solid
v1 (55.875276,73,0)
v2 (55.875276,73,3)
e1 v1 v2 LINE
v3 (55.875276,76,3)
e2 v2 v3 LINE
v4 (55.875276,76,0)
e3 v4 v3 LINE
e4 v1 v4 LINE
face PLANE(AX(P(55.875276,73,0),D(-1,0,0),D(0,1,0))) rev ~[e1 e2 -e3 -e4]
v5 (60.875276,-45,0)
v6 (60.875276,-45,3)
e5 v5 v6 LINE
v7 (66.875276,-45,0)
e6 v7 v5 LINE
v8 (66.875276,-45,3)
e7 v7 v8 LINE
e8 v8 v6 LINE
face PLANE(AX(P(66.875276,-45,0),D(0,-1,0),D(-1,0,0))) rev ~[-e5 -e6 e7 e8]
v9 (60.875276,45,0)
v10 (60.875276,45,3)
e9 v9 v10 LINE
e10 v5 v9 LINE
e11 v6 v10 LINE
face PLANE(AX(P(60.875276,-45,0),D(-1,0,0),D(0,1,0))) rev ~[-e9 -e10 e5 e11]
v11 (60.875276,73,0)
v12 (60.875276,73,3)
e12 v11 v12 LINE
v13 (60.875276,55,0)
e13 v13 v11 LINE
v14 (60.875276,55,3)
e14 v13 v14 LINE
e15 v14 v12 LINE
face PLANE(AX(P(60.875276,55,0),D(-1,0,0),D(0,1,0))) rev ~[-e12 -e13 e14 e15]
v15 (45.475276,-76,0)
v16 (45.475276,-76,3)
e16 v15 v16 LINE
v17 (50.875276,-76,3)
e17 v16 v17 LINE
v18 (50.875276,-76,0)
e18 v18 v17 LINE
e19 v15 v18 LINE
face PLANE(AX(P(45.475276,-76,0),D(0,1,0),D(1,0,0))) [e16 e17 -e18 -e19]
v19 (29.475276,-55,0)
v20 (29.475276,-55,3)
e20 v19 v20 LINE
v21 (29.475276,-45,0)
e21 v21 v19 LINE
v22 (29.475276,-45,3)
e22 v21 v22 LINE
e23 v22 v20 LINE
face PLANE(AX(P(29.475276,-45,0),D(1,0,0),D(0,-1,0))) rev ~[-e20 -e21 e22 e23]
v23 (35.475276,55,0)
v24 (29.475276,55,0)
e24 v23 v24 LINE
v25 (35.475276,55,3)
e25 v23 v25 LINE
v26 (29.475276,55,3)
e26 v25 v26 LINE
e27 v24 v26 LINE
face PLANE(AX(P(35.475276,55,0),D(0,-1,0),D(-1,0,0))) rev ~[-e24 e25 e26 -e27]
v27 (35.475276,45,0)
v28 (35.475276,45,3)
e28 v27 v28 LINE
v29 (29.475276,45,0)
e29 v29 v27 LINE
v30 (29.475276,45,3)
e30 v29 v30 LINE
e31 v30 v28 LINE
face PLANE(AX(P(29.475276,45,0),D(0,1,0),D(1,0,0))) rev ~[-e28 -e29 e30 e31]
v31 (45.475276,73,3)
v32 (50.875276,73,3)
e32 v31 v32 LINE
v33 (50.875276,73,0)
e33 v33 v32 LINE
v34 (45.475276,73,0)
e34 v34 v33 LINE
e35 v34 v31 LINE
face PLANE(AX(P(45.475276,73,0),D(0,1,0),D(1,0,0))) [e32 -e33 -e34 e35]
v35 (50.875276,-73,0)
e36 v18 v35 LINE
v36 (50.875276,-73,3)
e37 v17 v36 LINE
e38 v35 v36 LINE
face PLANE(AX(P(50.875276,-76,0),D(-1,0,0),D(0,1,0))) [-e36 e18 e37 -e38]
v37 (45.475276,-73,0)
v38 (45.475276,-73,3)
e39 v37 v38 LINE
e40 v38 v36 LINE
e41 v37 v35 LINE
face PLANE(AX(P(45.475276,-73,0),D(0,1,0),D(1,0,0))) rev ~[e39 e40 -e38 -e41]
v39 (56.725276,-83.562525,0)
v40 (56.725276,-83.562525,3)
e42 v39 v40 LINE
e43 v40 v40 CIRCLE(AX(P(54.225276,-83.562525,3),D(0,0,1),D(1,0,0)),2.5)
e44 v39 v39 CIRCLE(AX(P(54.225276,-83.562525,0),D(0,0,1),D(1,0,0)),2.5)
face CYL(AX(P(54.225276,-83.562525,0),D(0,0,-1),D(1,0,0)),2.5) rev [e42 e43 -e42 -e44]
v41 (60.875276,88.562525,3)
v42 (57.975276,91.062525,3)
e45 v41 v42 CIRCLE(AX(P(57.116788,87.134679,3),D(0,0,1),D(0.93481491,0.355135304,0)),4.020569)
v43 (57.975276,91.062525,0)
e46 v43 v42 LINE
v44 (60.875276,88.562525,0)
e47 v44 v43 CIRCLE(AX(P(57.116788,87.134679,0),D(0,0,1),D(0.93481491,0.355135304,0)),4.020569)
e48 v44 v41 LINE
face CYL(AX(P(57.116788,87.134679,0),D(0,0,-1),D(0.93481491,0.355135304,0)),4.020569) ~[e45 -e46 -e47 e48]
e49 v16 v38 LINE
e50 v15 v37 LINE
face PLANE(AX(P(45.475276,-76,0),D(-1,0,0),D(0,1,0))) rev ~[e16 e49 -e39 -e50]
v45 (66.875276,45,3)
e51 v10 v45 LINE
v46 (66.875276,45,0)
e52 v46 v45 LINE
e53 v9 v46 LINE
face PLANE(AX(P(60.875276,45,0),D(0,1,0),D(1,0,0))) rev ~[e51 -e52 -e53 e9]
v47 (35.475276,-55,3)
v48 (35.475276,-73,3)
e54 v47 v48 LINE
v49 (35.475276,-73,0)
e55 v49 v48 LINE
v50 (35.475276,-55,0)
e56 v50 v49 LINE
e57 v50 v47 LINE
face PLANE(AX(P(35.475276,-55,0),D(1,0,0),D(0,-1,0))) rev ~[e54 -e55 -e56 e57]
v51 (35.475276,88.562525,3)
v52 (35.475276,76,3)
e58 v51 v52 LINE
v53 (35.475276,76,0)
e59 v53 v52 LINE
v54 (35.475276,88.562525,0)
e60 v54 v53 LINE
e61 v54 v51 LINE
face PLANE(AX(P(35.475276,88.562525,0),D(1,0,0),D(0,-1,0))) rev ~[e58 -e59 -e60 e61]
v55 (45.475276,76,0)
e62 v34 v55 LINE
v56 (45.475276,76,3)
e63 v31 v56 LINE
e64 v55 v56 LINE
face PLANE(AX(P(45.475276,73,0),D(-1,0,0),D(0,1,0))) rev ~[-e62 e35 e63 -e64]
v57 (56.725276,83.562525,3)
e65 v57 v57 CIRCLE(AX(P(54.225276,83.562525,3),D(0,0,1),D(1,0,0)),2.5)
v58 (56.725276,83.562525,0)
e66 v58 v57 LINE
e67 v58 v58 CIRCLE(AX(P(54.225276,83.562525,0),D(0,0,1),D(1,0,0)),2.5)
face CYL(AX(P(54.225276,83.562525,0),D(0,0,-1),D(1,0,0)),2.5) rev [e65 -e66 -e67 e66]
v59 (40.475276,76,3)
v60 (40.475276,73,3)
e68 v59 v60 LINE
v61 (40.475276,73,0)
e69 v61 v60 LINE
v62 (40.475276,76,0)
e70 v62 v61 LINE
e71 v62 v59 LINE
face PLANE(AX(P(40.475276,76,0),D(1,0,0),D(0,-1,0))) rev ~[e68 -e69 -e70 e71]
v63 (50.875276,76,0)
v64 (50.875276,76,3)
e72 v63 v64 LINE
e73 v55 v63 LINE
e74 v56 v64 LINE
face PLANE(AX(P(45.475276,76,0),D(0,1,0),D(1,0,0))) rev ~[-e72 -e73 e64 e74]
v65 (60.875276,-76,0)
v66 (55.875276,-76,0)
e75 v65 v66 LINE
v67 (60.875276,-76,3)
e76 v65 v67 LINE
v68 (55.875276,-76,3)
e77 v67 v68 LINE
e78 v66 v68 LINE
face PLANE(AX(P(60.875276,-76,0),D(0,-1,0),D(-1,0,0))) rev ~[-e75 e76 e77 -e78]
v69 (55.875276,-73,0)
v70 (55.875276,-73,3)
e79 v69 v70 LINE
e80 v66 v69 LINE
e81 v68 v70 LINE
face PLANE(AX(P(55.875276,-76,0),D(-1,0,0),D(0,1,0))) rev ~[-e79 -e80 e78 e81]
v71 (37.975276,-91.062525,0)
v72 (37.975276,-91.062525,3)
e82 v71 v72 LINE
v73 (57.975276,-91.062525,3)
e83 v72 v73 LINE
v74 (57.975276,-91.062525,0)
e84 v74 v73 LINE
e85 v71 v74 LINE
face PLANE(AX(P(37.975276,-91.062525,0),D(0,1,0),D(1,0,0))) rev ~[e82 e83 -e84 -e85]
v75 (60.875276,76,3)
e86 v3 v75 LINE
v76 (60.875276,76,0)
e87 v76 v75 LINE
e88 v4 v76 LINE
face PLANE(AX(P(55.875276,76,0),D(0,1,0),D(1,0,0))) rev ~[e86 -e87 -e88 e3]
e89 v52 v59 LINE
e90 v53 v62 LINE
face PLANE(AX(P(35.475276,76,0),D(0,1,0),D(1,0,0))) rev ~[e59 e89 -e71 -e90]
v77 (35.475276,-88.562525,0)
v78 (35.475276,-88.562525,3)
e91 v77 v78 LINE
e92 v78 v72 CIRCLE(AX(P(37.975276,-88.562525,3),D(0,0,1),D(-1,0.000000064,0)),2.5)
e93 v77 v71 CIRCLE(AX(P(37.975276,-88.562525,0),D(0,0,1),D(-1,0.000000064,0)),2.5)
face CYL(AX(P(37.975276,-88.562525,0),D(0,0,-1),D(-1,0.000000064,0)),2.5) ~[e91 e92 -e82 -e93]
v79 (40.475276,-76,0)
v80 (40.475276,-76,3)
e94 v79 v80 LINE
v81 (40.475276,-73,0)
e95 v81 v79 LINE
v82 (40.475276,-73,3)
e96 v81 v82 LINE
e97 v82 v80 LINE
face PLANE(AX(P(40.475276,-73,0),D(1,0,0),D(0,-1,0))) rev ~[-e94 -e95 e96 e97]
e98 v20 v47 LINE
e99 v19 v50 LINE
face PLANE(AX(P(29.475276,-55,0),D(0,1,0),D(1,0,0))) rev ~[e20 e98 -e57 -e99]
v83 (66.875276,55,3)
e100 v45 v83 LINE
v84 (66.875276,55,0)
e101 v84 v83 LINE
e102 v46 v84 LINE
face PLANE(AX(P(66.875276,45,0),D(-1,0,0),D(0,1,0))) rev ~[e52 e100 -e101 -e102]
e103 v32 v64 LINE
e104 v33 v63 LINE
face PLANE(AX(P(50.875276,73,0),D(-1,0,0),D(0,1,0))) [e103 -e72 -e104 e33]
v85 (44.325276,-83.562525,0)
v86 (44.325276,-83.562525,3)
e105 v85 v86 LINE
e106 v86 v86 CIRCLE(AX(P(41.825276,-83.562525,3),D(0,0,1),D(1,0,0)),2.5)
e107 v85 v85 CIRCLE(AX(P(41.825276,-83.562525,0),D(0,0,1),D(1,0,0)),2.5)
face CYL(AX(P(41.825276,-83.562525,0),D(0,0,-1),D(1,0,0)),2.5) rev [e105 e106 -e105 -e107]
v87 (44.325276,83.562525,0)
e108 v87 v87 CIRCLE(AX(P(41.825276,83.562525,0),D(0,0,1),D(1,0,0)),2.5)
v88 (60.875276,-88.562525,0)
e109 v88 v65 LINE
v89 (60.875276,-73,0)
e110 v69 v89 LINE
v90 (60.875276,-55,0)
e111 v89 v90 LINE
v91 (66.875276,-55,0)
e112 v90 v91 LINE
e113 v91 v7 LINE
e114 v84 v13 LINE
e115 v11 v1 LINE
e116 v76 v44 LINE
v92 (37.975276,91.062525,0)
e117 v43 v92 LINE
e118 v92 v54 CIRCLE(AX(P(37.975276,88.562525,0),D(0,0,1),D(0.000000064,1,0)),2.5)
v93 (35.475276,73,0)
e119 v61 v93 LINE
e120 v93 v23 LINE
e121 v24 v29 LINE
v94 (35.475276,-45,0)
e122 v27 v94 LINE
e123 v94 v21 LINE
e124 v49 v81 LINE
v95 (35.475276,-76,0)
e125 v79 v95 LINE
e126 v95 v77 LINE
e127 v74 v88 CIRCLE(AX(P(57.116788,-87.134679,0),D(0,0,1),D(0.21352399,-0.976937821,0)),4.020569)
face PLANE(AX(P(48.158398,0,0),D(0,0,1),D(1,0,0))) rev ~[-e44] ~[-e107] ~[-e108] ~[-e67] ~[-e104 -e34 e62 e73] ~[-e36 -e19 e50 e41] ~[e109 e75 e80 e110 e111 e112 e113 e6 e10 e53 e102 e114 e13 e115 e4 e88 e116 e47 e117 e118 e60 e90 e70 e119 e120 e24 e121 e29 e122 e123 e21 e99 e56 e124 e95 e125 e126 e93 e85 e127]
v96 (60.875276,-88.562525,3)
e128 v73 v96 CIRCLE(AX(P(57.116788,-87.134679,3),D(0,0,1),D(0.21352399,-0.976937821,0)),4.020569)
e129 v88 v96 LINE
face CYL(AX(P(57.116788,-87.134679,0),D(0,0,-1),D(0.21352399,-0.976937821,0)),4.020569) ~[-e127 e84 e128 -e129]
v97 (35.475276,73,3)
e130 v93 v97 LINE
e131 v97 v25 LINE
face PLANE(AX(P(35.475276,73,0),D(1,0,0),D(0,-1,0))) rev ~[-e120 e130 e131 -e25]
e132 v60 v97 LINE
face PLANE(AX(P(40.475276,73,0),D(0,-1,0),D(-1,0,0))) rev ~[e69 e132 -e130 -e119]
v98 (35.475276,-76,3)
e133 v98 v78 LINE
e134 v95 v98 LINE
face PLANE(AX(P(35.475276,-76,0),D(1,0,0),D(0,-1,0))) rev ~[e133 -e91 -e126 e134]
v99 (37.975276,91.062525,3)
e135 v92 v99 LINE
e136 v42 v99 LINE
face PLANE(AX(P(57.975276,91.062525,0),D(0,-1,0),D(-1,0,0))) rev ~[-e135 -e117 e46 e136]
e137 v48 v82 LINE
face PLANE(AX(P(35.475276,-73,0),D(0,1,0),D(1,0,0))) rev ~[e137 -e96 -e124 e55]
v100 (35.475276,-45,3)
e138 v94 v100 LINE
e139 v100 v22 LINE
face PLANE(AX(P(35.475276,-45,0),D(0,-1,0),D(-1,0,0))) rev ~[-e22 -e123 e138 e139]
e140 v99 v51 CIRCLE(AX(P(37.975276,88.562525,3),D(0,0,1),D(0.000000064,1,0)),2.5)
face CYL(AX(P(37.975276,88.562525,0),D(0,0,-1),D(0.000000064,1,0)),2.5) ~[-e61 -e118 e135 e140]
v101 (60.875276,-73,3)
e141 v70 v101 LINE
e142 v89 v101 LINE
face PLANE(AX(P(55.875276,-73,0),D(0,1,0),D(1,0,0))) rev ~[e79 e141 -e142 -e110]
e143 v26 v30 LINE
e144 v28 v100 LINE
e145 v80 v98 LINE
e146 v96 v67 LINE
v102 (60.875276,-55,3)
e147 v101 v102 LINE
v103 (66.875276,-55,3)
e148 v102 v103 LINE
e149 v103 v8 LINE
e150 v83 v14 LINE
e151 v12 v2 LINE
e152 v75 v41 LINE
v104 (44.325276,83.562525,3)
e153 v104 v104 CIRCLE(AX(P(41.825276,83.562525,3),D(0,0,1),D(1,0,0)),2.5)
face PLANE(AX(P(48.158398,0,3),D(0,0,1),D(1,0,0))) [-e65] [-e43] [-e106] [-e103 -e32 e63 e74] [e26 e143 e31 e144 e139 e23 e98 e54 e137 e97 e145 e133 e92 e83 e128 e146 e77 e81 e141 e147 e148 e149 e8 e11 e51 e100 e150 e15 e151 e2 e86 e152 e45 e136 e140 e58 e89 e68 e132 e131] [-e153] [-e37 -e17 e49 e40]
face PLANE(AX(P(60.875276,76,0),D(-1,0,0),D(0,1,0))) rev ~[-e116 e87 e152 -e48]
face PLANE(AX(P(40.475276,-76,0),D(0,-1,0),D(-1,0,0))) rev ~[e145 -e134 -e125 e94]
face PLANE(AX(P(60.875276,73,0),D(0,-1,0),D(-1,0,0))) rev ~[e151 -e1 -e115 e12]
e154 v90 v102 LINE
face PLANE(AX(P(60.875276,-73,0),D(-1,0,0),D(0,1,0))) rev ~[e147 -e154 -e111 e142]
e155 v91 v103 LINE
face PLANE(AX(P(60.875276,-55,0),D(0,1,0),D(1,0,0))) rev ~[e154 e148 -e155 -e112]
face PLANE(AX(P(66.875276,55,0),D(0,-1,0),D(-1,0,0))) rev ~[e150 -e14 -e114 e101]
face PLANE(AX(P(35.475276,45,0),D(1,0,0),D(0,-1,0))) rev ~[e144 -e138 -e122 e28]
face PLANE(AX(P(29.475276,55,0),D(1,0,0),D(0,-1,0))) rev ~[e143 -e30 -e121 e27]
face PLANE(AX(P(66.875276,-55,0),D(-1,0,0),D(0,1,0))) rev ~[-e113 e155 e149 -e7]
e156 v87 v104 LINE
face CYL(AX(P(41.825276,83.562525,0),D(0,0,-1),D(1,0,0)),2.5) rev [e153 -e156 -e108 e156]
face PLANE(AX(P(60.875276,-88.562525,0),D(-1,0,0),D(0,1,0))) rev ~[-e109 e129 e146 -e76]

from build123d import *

# Parameters (mm, degrees)
F0_R     = 2.5
F0_W     = 5.4
F0_H     = 3
F1_DEPTH = 3


with BuildPart() as f1:
    # F0 (on Top) → F1 (new body)
    with BuildSketch(Plane.XY):
        with BuildLine():
            Line((35.475276, 88.562525), (35.475276, 76))
            Line((35.475276, 76), (40.475276, 76))
            Line((40.475276, 76), (40.475276, 73))
            Line((40.475276, 73), (35.475276, 73))
            Line((35.475276, 73), (35.475276, 55))
            Line((35.475276, 55), (29.475276, 55))
            Line((29.475276, 55), (29.475276, 45))
            Line((29.475276, 45), (35.475276, 45))
            Line((35.475276, 45), (35.475276, 0))
            Line((35.475276, 0), (35.475276, -45))
            Line((35.475276, -45), (29.475276, -45))
            Line((29.475276, -45), (29.475276, -55))
            Line((29.475276, -55), (35.475276, -55))
            Line((35.475276, -55), (35.475276, -73))
            Line((35.475276, -73), (40.475276, -73))
            Line((40.475276, -73), (40.475276, -76))
            Line((40.475276, -76), (35.475276, -76))
            Line((35.475276, -76), (35.475276, -88.562525))
            ThreePointArc((35.475276, -88.562525), (36.207509, -90.330292), (37.975276, -91.062525))
            Line((37.975276, -91.062525), (57.975276, -91.062525))
            ThreePointArc((57.975276, -91.062525), (59.741977, -90.179898), (60.875276, -88.562525))
            Line((60.875276, -88.562525), (60.875276, -76))
            Line((60.875276, -76), (55.875276, -76))
            Line((55.875276, -76), (55.875276, -73))
            Line((55.875276, -73), (60.875276, -73))
            Line((60.875276, -73), (60.875276, -55))
            Line((60.875276, -55), (66.875276, -55))
            Line((66.875276, -55), (66.875276, -45))
            Line((66.875276, -45), (60.875276, -45))
            Line((60.875276, -45), (60.875276, 0))
            Line((60.875276, 0), (60.875276, 45))
            Line((60.875276, 45), (66.875276, 45))
            Line((66.875276, 45), (66.875276, 55))
            Line((66.875276, 55), (60.875276, 55))
            Line((60.875276, 55), (60.875276, 73))
            Line((60.875276, 73), (55.875276, 73))
            Line((55.875276, 73), (55.875276, 76))
            Line((55.875276, 76), (60.875276, 76))
            Line((60.875276, 76), (60.875276, 88.562525))
            ThreePointArc((60.875276, 88.562525), (59.741977, 90.179898), (57.975276, 91.062525))
            Line((57.975276, 91.062525), (37.975276, 91.062525))
            ThreePointArc((37.975276, 91.062525), (36.207509, 90.330292), (35.475276, 88.562525))
        make_face()
        with Locations((41.825276, -83.562525)):
            Circle(F0_R, mode=Mode.SUBTRACT)
        with Locations((54.225276, -83.562525)):
            Circle(F0_R, mode=Mode.SUBTRACT)
        with Locations((48.175276, -74.5)):
            Rectangle(F0_W, F0_H, mode=Mode.SUBTRACT)
        with Locations((41.825276, 83.562525)):
            Circle(F0_R, mode=Mode.SUBTRACT)
        with Locations((48.175276, 74.5)):
            Rectangle(F0_W, F0_H, mode=Mode.SUBTRACT)
        with Locations((54.225276, 83.562525)):
            Circle(F0_R, mode=Mode.SUBTRACT)
    extrude(amount=F1_DEPTH)


solid = f1.part
